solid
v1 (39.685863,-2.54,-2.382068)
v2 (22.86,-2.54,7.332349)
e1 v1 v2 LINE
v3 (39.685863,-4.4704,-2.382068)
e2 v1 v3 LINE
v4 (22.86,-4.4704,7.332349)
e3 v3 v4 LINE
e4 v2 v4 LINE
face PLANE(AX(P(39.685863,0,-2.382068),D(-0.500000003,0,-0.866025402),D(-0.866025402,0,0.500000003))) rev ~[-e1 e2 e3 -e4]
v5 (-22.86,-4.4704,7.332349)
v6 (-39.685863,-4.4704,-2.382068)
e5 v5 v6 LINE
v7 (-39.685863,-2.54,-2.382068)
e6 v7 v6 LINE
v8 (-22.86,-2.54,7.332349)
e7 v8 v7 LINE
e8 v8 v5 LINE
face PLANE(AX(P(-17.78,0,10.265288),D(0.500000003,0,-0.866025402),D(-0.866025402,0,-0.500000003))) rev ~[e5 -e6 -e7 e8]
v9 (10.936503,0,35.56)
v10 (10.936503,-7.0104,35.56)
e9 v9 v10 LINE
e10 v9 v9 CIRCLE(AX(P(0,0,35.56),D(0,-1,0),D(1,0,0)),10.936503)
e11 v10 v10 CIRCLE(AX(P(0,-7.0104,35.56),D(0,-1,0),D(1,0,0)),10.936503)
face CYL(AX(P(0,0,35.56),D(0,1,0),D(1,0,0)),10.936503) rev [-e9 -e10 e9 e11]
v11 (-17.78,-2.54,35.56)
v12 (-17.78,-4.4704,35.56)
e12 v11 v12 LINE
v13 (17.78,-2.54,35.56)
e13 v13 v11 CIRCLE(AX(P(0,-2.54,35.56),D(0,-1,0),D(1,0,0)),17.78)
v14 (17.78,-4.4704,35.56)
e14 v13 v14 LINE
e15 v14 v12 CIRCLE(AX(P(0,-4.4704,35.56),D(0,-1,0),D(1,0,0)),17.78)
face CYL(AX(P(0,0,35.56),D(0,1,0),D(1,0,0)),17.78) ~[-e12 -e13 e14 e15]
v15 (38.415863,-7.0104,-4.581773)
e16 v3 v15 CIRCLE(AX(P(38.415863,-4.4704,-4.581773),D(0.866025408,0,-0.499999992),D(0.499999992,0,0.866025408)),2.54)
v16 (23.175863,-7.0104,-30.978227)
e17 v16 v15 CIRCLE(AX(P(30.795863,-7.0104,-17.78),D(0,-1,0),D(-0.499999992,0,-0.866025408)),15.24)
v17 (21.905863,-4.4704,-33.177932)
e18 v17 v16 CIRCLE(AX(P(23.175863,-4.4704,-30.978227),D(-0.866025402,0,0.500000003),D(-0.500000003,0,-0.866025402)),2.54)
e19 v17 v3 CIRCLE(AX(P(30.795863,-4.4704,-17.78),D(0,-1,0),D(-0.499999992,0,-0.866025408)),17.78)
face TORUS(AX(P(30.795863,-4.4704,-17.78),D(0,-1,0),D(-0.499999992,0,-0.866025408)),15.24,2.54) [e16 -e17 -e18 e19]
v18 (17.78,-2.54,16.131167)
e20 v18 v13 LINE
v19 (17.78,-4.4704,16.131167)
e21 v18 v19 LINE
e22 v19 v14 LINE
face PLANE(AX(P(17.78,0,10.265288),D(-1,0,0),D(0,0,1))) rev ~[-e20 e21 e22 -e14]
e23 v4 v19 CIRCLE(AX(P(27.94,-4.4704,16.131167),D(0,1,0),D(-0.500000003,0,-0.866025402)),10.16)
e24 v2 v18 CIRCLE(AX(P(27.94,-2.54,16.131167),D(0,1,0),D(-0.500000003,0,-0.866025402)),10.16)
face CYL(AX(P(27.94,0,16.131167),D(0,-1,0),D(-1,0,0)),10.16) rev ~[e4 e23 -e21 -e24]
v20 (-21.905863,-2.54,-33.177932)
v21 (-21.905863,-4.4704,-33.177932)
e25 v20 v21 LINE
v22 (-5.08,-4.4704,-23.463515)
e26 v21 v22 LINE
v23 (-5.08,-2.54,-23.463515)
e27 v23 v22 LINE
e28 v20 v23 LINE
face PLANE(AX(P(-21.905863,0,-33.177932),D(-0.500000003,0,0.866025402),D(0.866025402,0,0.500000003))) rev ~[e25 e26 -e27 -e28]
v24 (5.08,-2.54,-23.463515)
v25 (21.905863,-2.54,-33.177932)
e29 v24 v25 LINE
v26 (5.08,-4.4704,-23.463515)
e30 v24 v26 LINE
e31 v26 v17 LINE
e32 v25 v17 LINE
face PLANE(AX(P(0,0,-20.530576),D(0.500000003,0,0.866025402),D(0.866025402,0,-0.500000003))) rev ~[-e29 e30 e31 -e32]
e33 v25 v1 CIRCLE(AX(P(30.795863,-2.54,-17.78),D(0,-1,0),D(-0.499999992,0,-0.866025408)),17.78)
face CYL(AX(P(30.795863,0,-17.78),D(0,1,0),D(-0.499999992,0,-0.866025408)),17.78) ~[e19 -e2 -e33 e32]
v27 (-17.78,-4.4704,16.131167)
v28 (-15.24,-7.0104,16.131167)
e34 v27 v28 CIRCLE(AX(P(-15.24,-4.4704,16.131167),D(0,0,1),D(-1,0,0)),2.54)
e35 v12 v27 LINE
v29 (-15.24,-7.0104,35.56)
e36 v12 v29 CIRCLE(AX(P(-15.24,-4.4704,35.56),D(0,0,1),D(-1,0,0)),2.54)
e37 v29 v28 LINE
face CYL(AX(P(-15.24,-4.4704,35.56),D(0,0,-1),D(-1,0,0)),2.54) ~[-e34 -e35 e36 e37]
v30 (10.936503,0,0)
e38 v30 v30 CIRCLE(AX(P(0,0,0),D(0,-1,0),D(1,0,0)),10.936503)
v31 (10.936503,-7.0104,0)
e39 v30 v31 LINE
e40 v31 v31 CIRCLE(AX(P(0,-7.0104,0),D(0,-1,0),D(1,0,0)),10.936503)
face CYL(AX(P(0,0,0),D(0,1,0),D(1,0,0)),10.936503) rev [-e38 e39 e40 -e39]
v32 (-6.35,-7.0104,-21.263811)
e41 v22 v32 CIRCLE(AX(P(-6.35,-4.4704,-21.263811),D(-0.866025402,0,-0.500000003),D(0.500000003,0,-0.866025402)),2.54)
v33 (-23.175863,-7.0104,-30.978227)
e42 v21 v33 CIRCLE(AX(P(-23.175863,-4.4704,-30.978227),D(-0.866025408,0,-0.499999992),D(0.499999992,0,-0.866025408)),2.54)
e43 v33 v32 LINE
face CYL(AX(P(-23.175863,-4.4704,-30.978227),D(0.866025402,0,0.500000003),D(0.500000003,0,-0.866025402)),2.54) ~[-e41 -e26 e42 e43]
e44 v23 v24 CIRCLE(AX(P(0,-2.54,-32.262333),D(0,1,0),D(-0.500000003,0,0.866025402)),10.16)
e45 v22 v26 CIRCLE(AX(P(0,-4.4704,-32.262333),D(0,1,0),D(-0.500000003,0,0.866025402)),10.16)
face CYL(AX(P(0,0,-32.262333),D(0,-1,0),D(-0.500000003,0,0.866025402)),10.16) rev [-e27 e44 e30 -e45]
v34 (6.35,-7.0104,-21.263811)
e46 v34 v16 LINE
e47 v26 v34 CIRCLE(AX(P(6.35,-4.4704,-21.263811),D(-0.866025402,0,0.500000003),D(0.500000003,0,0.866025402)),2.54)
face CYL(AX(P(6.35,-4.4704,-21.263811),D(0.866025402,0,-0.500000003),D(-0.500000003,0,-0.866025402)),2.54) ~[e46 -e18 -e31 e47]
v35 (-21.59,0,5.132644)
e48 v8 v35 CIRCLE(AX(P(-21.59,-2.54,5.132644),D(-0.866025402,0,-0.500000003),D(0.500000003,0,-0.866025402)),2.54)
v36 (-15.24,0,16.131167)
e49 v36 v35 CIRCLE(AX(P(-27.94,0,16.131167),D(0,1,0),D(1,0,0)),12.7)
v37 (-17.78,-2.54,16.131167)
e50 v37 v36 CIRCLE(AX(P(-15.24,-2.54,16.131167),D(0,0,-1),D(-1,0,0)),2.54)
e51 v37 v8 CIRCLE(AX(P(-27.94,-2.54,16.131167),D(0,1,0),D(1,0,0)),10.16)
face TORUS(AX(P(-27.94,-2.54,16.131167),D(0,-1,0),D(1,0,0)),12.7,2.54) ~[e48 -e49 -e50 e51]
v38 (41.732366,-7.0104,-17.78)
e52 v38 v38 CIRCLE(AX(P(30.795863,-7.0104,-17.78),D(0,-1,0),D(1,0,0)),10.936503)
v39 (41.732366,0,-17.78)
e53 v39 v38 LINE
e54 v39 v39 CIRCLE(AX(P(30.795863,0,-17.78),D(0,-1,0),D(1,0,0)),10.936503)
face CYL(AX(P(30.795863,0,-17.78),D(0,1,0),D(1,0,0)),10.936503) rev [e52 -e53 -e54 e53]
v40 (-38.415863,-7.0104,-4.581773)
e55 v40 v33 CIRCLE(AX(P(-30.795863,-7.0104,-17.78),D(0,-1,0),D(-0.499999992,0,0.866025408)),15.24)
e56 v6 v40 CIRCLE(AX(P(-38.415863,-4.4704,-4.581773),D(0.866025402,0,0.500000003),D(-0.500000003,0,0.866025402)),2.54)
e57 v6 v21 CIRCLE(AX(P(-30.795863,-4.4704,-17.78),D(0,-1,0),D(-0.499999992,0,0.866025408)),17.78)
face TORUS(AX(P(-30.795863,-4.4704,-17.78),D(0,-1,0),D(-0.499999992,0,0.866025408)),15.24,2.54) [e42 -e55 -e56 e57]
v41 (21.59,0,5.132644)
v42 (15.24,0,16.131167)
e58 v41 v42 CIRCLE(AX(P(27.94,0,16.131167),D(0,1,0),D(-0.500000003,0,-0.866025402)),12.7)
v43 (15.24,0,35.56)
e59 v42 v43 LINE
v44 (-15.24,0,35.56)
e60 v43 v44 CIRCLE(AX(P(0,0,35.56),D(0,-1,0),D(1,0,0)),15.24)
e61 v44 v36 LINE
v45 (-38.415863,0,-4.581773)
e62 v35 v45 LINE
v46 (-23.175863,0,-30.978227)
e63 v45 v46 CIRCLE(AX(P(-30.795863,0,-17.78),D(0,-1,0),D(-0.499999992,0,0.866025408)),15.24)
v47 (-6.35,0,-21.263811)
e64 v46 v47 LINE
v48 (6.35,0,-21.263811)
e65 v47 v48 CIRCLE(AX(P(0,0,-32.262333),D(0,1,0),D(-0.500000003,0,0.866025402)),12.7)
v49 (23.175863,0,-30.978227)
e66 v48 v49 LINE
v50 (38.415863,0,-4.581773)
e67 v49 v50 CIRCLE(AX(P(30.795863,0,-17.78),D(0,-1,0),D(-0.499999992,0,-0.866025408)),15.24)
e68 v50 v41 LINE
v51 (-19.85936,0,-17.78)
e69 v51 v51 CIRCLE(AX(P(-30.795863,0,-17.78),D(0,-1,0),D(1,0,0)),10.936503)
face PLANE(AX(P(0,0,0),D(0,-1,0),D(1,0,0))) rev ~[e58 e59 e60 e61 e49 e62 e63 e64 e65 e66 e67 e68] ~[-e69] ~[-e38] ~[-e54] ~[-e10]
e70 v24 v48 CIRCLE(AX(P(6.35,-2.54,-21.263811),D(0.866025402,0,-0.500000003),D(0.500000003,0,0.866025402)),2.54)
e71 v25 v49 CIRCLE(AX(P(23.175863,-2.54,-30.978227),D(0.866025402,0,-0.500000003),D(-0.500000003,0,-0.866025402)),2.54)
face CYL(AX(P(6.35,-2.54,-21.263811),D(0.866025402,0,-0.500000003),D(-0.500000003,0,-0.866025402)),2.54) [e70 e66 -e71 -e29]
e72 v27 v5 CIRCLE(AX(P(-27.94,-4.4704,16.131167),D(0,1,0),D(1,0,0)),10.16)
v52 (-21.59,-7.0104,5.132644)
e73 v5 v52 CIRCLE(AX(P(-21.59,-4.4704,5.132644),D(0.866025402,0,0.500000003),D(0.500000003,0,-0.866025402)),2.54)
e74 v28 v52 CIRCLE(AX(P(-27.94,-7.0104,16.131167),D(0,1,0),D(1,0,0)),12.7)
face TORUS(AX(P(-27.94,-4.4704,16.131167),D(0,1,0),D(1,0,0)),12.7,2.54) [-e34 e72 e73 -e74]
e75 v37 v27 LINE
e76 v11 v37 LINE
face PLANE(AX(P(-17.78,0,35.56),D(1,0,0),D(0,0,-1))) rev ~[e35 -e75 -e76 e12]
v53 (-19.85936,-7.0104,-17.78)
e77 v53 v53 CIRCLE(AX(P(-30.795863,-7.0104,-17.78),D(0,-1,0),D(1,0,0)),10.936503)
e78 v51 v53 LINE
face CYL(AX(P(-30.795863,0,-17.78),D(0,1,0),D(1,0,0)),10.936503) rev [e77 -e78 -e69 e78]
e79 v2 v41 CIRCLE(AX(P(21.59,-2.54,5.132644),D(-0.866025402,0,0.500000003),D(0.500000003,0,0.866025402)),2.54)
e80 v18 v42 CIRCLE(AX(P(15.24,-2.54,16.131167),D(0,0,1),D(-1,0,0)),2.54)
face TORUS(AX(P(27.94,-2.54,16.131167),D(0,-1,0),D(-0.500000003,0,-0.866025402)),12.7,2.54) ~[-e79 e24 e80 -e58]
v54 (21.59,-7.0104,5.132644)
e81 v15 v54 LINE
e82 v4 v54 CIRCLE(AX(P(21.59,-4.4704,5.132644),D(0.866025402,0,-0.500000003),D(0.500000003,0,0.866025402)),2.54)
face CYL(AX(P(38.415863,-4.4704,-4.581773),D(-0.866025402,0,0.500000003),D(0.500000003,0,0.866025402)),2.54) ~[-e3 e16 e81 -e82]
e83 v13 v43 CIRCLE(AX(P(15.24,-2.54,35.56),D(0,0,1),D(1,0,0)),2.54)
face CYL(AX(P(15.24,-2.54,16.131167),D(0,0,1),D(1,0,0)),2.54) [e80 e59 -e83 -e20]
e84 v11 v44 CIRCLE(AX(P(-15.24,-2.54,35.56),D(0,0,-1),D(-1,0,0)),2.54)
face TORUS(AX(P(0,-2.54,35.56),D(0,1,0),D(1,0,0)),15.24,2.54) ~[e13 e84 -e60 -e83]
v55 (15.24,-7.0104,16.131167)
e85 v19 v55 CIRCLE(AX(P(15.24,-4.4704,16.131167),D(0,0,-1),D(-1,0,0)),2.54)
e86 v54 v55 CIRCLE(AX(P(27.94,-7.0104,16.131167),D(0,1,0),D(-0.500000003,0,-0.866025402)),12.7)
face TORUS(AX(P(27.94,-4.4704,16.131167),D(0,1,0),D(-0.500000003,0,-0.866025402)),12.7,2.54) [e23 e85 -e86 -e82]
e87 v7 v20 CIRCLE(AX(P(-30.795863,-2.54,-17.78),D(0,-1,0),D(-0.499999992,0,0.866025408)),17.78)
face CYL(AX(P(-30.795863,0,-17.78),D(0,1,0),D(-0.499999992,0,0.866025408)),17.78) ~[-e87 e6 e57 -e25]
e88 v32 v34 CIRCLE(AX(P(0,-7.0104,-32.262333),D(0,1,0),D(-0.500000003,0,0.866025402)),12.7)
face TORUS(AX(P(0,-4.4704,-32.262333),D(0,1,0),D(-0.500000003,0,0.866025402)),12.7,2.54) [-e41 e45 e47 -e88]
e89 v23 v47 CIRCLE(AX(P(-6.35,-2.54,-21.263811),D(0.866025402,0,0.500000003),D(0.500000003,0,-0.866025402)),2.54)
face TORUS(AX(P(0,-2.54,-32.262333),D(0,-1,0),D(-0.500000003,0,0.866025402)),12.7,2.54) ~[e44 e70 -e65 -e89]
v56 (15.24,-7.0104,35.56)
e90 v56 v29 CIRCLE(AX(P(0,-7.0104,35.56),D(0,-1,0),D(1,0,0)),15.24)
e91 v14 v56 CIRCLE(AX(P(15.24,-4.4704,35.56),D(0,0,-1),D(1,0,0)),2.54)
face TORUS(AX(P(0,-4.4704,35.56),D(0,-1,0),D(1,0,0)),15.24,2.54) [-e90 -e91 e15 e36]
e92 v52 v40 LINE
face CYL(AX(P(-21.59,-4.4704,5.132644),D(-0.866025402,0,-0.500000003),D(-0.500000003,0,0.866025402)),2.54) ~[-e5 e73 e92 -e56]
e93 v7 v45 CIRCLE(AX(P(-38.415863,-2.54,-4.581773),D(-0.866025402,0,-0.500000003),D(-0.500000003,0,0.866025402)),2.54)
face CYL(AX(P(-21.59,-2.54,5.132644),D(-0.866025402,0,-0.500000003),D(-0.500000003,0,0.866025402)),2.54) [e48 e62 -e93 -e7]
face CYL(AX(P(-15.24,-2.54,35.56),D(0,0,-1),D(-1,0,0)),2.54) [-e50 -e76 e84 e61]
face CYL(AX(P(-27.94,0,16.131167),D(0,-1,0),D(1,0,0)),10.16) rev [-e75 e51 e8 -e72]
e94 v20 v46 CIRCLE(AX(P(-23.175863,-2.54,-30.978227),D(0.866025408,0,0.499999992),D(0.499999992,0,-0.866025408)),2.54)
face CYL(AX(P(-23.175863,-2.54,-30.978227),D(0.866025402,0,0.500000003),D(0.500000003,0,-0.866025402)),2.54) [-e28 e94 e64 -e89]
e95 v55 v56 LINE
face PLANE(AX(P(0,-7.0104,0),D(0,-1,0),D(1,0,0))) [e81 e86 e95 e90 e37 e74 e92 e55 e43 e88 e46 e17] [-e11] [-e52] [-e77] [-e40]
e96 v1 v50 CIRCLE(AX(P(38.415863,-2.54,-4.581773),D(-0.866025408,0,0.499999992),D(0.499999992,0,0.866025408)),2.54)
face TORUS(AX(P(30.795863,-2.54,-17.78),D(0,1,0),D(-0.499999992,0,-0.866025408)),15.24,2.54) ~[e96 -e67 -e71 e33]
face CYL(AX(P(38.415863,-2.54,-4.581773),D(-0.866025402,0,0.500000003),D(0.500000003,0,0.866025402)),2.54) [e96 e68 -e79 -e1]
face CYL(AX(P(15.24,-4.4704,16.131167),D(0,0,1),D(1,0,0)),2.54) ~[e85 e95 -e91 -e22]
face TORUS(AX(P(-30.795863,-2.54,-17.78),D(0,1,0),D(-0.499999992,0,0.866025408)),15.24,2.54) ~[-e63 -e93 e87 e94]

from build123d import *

# Parameters (mm, degrees)
F0_R     = 10.936503
F1_DEPTH = 7.0104
F2_R     = 10.16
F3_R     = 2.54


with BuildPart() as f1:
    # F0 (on Front) → F1 (new body)
    with BuildSketch(Plane.XZ):
        with BuildLine():
            Line((-17.78, 35.56), (-17.78, 10.265288))
            Line((-17.78, 10.265288), (-39.685863, -2.382068))
            ThreePointArc((-39.685863, -2.382068), (-46.193795, -26.67), (-21.905863, -33.177932))
            Line((-21.905863, -33.177932), (0, -20.530576))
            Line((0, -20.530576), (21.905863, -33.177932))
            ThreePointArc((21.905863, -33.177932), (46.193795, -26.67), (39.685863, -2.382068))
            Line((39.685863, -2.382068), (17.78, 10.265288))
            Line((17.78, 10.265288), (17.78, 35.56))
            ThreePointArc((17.78, 35.56), (0, 53.34), (-17.78, 35.56))
        make_face()
        with Locations((-30.795863, -17.78)):
            Circle(F0_R, mode=Mode.SUBTRACT)
        with Locations((30.795863, -17.78)):
            Circle(F0_R, mode=Mode.SUBTRACT)
        Circle(F0_R, mode=Mode.SUBTRACT)
        with Locations((0, 35.56)):
            Circle(F0_R, mode=Mode.SUBTRACT)
    extrude(amount=F1_DEPTH)

    # F2
    f2_edges = [f1.edges().sort_by_distance(p)[0] for p in [
        (17.78, -3.5052, 10.265288),
        (-17.78, -3.5052, 10.265288),
        (0, -3.5052, -20.530576),
    ]]
    fillet(f2_edges, radius=F2_R)

    # F3
    f3_edges = [f1.edges().sort_by_distance(p)[0] for p in [
        (-17.78, -7.0104, 25.845583),
        (-17.78, 0, 25.845583),
    ]]
    fillet(f3_edges, radius=F3_R)


solid = f1.part
